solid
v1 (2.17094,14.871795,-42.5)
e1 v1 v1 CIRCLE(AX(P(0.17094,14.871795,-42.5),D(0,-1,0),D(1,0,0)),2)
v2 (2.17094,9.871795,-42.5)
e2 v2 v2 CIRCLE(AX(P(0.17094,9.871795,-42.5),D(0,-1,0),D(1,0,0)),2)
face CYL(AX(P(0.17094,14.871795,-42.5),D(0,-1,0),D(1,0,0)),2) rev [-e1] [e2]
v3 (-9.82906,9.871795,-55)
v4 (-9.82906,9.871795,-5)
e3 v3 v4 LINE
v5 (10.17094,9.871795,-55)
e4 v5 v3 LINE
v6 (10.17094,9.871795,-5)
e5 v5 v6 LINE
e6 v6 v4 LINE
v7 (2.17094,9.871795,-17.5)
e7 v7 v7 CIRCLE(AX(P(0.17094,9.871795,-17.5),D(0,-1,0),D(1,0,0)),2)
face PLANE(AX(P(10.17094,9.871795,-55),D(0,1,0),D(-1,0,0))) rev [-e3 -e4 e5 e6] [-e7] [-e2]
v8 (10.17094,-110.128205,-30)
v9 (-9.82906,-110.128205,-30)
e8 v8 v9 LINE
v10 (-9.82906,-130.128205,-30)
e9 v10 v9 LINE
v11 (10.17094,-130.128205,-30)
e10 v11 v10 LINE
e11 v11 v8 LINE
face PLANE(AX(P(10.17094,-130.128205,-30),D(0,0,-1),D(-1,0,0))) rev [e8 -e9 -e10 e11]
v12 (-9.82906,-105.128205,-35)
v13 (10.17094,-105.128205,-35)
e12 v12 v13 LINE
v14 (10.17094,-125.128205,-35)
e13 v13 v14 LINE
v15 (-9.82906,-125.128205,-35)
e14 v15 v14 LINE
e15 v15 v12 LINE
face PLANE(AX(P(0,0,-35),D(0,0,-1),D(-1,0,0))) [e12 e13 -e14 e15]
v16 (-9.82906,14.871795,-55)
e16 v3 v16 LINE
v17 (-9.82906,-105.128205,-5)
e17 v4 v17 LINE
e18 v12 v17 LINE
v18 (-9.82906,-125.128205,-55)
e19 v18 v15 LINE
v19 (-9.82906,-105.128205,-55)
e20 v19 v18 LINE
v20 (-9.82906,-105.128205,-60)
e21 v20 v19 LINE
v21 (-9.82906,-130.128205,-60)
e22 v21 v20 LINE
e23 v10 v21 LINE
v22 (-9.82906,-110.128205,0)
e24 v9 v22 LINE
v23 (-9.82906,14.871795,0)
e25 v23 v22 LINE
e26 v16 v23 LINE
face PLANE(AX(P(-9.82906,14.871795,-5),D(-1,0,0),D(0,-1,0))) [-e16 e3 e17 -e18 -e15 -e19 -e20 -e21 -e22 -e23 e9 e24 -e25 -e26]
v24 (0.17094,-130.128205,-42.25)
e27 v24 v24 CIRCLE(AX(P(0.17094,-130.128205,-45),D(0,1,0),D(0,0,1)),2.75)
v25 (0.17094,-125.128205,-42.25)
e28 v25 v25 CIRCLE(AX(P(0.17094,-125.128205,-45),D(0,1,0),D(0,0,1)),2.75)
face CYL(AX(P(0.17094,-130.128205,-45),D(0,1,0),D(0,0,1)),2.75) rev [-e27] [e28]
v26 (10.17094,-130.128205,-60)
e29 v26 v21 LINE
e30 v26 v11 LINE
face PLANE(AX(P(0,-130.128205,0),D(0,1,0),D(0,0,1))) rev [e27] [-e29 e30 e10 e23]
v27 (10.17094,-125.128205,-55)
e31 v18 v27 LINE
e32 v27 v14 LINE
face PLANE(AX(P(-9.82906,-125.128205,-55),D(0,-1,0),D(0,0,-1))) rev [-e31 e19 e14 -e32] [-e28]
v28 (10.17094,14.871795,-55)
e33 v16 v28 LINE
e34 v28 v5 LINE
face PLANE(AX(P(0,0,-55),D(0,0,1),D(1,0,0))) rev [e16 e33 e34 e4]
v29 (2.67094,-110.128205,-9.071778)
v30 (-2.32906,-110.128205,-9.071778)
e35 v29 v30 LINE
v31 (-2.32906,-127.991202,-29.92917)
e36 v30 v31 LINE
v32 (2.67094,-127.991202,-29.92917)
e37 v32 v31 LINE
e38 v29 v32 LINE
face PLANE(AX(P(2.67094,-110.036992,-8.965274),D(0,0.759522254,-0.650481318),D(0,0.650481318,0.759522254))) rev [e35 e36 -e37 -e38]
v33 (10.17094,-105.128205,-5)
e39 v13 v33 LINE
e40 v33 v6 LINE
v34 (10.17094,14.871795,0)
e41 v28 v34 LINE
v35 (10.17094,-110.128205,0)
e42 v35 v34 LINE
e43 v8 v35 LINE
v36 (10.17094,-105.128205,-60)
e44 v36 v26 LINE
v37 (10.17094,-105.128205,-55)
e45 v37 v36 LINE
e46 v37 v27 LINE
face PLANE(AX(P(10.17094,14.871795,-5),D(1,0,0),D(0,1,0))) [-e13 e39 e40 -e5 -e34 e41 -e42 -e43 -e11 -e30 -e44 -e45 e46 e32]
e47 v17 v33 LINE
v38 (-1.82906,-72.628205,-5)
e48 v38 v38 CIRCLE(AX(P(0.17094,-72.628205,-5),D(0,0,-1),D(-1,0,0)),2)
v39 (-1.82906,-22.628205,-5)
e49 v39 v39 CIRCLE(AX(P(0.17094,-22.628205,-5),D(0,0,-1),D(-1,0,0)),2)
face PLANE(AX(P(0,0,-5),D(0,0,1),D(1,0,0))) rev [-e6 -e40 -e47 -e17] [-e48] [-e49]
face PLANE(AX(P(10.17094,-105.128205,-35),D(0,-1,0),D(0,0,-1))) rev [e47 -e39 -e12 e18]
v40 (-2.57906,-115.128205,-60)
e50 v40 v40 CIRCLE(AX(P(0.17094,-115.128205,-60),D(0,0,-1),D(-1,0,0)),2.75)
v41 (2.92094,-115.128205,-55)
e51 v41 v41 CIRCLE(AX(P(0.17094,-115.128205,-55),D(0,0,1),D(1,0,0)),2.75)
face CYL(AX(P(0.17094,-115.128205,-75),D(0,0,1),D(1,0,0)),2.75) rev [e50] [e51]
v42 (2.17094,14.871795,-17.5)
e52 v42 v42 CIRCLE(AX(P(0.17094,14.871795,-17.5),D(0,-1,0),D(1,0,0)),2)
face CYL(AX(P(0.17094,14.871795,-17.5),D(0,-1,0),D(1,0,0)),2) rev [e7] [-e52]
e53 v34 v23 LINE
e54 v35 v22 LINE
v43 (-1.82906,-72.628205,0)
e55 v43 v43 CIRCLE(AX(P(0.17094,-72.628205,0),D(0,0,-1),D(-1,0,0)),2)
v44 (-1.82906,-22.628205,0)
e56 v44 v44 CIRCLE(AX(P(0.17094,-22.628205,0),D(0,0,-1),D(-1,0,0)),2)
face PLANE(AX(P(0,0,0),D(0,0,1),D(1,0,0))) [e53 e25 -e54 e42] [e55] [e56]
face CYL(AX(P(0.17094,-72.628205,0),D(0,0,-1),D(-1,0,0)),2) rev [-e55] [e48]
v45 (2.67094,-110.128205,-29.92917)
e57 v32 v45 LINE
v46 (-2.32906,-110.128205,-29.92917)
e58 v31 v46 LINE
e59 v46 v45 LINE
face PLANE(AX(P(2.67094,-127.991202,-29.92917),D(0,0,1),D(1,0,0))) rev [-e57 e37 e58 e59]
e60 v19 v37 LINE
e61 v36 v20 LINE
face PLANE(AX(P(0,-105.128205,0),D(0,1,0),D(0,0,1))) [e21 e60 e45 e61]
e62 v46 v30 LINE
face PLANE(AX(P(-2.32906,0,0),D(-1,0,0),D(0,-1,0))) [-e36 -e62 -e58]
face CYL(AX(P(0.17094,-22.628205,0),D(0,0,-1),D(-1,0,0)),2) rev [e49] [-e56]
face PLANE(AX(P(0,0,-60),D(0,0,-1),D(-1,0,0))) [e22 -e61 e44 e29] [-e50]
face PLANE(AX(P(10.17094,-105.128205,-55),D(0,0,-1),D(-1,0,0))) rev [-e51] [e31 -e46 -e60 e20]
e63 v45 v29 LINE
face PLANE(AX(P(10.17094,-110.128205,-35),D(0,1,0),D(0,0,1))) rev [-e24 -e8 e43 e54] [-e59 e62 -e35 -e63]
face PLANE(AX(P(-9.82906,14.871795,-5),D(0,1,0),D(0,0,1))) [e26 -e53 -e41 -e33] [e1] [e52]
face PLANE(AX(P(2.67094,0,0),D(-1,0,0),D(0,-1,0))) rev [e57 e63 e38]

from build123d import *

# Parameters (mm, degrees)
SKETCH_1_W          = 20
SKETCH_1_H          = 145
EXTRUDE_1_DEPTH     = 5
SKETCH_3_W          = 20
SKETCH_3_H          = 5
EXTRUDE_2_DEPTH     = 50
SKETCH_4_W          = 20
SKETCH_4_H          = 5
EXTRUDE_3_DEPTH     = 30
SKETCH_5_W          = 20
SKETCH_5_H          = 20
CUT_EXTRUDE_1_DEPTH = 30
SKETCH_6_W          = 20
SKETCH_6_H          = 5
EXTRUDE_4_DEPTH     = 20
SKETCH_7_W          = 20
SKETCH_7_H          = 5
EXTRUDE_5_DEPTH     = 20
EXTRUDE_6_DEPTH     = 2.5
SKETCH_10_R         = 2
CUT_EXTRUDE_2_DEPTH = 5
SKETCH_11_R         = 2
CUT_EXTRUDE_3_DEPTH = 5
SKETCH_12_R         = 2.75
CUT_EXTRUDE_4_DEPTH = 5
SKETCH_13_W         = 20
SKETCH_13_H         = 5
EXTRUDE_7_DEPTH     = 5
SKETCH_14_W         = 20
SKETCH_14_H         = 5
EXTRUDE_8_DEPTH     = 20
SKETCH_15_R         = 2.75
CUT_EXTRUDE_5_DEPTH = 20


with BuildPart() as part:
    # 草图1 → 凸台-拉伸1 (new body)
    with BuildSketch(Plane.XY):
        with Locations((0.170940171, -57.628205128)):
            Rectangle(SKETCH_1_W, SKETCH_1_H)
    extrude(amount=-EXTRUDE_1_DEPTH)

    # 草图3 → 凸台-拉伸2 (add)
    with BuildSketch(Plane(origin=(0, 0, -5), x_dir=(-1, 0, 0), z_dir=(0, 0, -1))):
        with Locations((-0.170940171, 12.371794872)):
            Rectangle(SKETCH_3_W, SKETCH_3_H)
    extrude(amount=EXTRUDE_2_DEPTH)

    # 草图4 → 凸台-拉伸3 (add)
    with BuildSketch(Plane(origin=(0, 0, -5), x_dir=(-1, 0, 0), z_dir=(0, 0, -1))):
        with Locations((-0.170940171, -107.628205128)):
            Rectangle(SKETCH_4_W, SKETCH_4_H)
    extrude(amount=EXTRUDE_3_DEPTH)

    # 草图5 → 切除-拉伸1 (cut)
    with BuildSketch(Plane(origin=(0, 0, -5), x_dir=(-1, 0, 0), z_dir=(0, 0, -1))):
        with Locations((-0.170940171, -120.128205128)):
            Rectangle(SKETCH_5_W, SKETCH_5_H)
    extrude(amount=-CUT_EXTRUDE_1_DEPTH, mode=Mode.SUBTRACT)

    # 草图6 → 凸台-拉伸4 (add)
    with BuildSketch(Plane(origin=(0, -110.128205128, 0), x_dir=(-1, 0, 0), z_dir=(0, -1, 0))):
        with Locations((-0.170940171, 32.5)):
            Rectangle(SKETCH_6_W, SKETCH_6_H)
    extrude(amount=EXTRUDE_4_DEPTH)

    # 草图7 → 凸台-拉伸5 (add)
    with BuildSketch(Plane(origin=(0, 0, -35), x_dir=(-1, 0, 0), z_dir=(0, 0, -1))):
        with Locations((-0.170940171, -127.628205128)):
            Rectangle(SKETCH_7_W, SKETCH_7_H)
    extrude(amount=EXTRUDE_5_DEPTH)

    # 草图9 → 凸台-拉伸6 (add, symmetric)
    with BuildSketch(Plane(origin=(0.170940171, 0, 0), x_dir=(0, 0, -1), z_dir=(1, 0, 0))):
        Polygon((8.965273833, -110.036991646), (29.929169638, -127.991202337), (29.929169638, -110.036991646), align=None)
    extrude(amount=EXTRUDE_6_DEPTH, both=True)

    # 草图10 → 切除-拉伸2 (cut)
    with BuildSketch(Plane.XZ.offset(-9.871794872)):
        with Locations((0.170940171, -17.5)):
            Circle(SKETCH_10_R)
        with Locations((0.170940171, -42.5)):
            Circle(SKETCH_10_R)
    extrude(amount=-CUT_EXTRUDE_2_DEPTH, mode=Mode.SUBTRACT)

    # 草图11 → 切除-拉伸3 (cut)
    with BuildSketch(Plane(origin=(0, 0, -5), x_dir=(-1, 0, 0), z_dir=(0, 0, -1))):
        with Locations((-0.170940171, -22.628205128)):
            Circle(SKETCH_11_R)
        with Locations((-0.170940171, -72.628205128)):
            Circle(SKETCH_11_R)
    extrude(amount=-CUT_EXTRUDE_3_DEPTH, mode=Mode.SUBTRACT)

    # 草图12 → 切除-拉伸4 (cut)
    with BuildSketch(Plane(origin=(0, -125.128205128, 0), x_dir=(1, 0, 0), z_dir=(0, 1, 0))):
        with Locations((0.170940171, 45)):
            Circle(SKETCH_12_R)
    extrude(amount=-CUT_EXTRUDE_4_DEPTH, mode=Mode.SUBTRACT)

    # 草图13 → 凸台-拉伸7 (add)
    with BuildSketch(Plane(origin=(0, 0, -55), x_dir=(-1, 0, 0), z_dir=(0, 0, -1))):
        with Locations((-0.170940171, -127.628205128)):
            Rectangle(SKETCH_13_W, SKETCH_13_H)
    extrude(amount=EXTRUDE_7_DEPTH)

    # 草图14 → 凸台-拉伸8 (add)
    with BuildSketch(Plane(origin=(0, -125.128205128, 0), x_dir=(1, 0, 0), z_dir=(0, 1, 0))):
        with Locations((0.170940171, 57.5)):
            Rectangle(SKETCH_14_W, SKETCH_14_H)
    extrude(amount=EXTRUDE_8_DEPTH)

    # 草图15 → 切除-拉伸5 (cut)
    with BuildSketch(Plane.XY.offset(-55)):
        with Locations((0.170940171, -115.12820513)):
            Circle(SKETCH_15_R)
    extrude(amount=-CUT_EXTRUDE_5_DEPTH, mode=Mode.SUBTRACT)


solid = part.part
